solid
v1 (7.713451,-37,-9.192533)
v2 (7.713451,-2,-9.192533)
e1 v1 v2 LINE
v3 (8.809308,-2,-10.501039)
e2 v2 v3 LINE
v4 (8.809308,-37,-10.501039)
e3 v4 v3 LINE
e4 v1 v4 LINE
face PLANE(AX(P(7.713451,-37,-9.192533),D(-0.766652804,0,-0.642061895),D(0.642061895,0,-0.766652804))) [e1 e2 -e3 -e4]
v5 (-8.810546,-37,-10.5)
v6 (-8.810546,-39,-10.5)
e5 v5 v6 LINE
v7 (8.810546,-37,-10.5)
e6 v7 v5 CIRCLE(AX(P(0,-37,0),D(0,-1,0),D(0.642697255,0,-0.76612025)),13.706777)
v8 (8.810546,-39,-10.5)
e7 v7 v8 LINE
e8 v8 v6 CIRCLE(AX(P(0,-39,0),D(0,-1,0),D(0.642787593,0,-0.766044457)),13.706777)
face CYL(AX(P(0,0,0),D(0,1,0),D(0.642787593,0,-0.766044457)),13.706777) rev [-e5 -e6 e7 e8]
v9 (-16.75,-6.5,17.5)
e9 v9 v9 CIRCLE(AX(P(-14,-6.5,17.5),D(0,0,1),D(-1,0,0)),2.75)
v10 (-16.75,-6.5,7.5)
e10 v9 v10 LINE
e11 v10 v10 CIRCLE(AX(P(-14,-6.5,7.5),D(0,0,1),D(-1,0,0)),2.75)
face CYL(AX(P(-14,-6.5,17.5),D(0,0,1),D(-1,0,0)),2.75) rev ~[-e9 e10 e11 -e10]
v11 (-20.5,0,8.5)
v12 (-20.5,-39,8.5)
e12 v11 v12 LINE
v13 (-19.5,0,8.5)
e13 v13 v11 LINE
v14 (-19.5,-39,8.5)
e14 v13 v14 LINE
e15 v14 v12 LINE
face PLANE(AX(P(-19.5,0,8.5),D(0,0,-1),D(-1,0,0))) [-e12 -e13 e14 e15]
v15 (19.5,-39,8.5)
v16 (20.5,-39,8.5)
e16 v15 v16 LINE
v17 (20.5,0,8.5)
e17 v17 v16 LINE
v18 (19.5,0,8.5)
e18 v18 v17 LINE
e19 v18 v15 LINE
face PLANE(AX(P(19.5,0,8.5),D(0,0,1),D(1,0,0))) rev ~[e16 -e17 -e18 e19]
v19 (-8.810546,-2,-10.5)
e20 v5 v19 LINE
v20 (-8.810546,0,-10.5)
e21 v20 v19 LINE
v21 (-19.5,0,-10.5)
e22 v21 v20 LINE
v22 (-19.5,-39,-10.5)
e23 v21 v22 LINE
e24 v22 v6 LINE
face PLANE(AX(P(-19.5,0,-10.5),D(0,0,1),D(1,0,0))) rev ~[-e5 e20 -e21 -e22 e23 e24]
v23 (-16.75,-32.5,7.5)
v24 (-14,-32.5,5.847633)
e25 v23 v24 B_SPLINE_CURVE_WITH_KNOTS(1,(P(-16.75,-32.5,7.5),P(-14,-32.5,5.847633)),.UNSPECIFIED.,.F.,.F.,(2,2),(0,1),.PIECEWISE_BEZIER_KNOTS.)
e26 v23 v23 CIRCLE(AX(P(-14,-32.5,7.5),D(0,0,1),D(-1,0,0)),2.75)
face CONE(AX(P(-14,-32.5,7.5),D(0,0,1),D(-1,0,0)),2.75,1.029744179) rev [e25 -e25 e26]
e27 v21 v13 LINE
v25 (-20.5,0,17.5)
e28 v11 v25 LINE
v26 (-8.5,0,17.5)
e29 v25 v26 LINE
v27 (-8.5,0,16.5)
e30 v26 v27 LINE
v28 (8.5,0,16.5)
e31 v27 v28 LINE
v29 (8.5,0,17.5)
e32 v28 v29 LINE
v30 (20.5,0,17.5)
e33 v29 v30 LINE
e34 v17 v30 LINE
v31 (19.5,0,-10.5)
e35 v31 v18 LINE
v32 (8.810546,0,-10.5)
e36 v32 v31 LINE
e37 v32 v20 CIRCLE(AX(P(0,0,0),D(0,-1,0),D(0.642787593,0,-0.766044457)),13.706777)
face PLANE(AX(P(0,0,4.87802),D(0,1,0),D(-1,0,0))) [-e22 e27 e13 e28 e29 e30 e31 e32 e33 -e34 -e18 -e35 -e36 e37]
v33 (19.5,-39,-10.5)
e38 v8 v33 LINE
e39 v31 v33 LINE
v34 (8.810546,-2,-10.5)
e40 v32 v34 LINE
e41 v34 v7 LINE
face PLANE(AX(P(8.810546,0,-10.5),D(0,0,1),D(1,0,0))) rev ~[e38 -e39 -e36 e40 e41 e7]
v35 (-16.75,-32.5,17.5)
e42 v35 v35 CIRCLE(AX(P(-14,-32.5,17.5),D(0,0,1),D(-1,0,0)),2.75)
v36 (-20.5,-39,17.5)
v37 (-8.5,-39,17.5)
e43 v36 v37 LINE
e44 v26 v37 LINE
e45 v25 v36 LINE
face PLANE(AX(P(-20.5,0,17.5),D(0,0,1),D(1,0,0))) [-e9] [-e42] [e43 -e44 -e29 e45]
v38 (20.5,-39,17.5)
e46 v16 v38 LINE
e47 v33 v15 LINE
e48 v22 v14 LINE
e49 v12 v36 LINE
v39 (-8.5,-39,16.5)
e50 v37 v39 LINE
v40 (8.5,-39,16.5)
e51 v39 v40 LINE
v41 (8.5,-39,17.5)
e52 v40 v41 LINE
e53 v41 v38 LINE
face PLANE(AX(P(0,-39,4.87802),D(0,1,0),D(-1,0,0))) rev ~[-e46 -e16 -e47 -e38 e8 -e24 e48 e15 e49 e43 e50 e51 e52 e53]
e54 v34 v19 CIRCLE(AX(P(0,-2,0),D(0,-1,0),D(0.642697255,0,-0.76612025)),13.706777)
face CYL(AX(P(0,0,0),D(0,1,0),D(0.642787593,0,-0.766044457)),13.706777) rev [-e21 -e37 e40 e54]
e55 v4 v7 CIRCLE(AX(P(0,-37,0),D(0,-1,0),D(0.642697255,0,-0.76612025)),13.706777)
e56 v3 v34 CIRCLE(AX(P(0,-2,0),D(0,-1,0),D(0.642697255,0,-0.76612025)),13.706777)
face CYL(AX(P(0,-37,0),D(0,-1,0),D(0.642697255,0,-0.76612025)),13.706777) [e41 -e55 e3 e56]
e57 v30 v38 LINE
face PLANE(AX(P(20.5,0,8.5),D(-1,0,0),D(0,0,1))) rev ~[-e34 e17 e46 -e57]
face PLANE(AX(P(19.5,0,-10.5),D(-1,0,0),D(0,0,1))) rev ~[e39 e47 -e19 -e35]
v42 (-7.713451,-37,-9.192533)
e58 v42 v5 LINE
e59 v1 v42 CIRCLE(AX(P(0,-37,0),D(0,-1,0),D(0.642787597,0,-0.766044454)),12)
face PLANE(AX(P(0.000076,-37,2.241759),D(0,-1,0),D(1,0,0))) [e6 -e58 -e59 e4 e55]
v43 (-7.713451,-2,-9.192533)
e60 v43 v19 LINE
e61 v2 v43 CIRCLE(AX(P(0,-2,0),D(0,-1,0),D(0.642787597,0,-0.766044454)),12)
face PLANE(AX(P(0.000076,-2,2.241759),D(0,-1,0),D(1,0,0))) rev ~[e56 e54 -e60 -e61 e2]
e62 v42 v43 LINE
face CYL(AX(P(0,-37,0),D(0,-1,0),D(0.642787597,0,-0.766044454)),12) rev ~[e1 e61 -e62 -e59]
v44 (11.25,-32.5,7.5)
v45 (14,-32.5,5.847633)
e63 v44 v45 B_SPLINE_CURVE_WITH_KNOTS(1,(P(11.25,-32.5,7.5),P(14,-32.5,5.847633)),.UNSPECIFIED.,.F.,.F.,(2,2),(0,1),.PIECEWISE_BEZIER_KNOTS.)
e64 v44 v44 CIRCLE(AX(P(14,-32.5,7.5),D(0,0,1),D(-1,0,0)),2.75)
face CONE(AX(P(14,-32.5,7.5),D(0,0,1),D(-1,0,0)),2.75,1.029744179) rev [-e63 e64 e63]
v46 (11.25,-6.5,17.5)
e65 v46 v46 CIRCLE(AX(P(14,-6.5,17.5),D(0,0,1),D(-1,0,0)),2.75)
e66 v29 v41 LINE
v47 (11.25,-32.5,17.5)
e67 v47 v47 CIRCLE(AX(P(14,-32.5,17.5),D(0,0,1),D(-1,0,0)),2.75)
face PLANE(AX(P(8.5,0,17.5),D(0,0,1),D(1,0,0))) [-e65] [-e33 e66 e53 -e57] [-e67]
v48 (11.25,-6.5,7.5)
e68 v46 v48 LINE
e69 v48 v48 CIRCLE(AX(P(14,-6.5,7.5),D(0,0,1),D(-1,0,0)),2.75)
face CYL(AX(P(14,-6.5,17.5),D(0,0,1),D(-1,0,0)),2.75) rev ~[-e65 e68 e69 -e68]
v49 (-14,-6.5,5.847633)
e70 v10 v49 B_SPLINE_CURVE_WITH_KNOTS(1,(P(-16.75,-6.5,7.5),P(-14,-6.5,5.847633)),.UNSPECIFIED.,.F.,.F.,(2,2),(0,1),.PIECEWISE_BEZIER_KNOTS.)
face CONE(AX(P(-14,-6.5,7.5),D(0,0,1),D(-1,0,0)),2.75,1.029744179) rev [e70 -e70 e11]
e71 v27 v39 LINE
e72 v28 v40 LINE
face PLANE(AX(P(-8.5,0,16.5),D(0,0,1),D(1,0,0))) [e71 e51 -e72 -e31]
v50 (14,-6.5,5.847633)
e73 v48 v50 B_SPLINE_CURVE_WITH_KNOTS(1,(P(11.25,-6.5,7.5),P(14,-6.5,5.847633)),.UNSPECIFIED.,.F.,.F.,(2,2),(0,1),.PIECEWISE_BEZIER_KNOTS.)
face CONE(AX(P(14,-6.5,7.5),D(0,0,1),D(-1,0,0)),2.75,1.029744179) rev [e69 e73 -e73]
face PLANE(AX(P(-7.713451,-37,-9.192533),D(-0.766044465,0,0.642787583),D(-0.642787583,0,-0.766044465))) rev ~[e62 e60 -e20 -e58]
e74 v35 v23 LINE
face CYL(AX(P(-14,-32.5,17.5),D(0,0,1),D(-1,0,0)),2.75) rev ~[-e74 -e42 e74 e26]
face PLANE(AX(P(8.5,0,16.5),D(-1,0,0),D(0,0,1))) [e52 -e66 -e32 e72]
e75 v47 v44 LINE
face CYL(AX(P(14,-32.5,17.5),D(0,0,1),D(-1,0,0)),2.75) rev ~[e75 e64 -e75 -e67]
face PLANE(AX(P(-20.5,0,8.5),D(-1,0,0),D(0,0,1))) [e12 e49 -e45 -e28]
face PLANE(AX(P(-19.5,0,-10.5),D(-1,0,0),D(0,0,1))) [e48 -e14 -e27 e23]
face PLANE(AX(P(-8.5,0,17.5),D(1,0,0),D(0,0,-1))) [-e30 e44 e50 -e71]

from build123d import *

# Parameters (mm, degrees)
PAD_DEPTH    = 39
PAD001_DEPTH = 35
SKETCH002_R  = 2.75
HOLE_DEPTH   = 10
HOLE_TIPS_R  = 2.75


with BuildPart() as part:
    # Sketch → Pad (new body)
    with BuildSketch(Plane.XZ):
        with BuildLine():
            ThreePointArc((8.810546, -10.5), (0, 13.706777), (-8.810546, -10.5))
            Line((-19.5, -10.5), (-8.810546, -10.5))
            Line((-19.5, -10.5), (-19.5, 8.5))
            Line((-19.5, 8.5), (-20.5, 8.5))
            Line((-20.5, 8.5), (-20.5, 17.5))
            Line((-20.5, 17.5), (-8.5, 17.5))
            Line((-8.5, 17.5), (-8.5, 16.5))
            Line((-8.5, 16.5), (8.5, 16.5))
            Line((8.5, 16.5), (8.5, 17.5))
            Line((8.5, 17.5), (20.5, 17.5))
            Line((20.5, 8.5), (20.5, 17.5))
            Line((19.5, 8.5), (20.5, 8.5))
            Line((19.5, -10.5), (19.5, 8.5))
            Line((8.810546, -10.5), (19.5, -10.5))
        make_face()
    extrude(amount=PAD_DEPTH)

    # Sketch001 (on DatumPlane) → Pad001 (join)
    with BuildSketch(Plane.XZ.offset(37)):
        with BuildLine():
            ThreePointArc((8.809308, -10.501039), (0.000808, 13.706777), (-8.810546, -10.5))
            Line((-7.713451, -9.192533), (-8.810546, -10.5))
            ThreePointArc((7.713451, -9.192533), (0, 12), (-7.713451, -9.192533))
            Line((7.713451, -9.192533), (8.809308, -10.501039))
        make_face()
    extrude(amount=-PAD001_DEPTH)

    # Sketch002 (on Face13 of Pad001) → Hole (cut)
    with BuildSketch(Plane(origin=(0, 0, 17.5), x_dir=(-1, 0, 0), z_dir=(0, 0, 1))):
        with Locations((-14, 32.5)):
            Circle(SKETCH002_R)
        with Locations((14, 32.5)):
            Circle(SKETCH002_R)
        with Locations((14, 6.5)):
            Circle(SKETCH002_R)
        with Locations((-14, 6.5)):
            Circle(SKETCH002_R)
    extrude(amount=-HOLE_DEPTH, mode=Mode.SUBTRACT)

    # Hole tips → Hole tip 1 section 0
    with BuildSketch(Plane(origin=(0, 0, 7.5), x_dir=(-1, 0, 0), z_dir=(0, 0, 1)), mode=Mode.PRIVATE) as hole_tip_1_s0:
        with Locations((-14, 32.5)):
            Circle(HOLE_TIPS_R)
    loft([hole_tip_1_s0.sketch, Vertex(14, -32.5, 5.847633)], mode=Mode.SUBTRACT)

    # Hole tips → Hole tip 2 section 0
    with BuildSketch(Plane(origin=(0, 0, 7.5), x_dir=(-1, 0, 0), z_dir=(0, 0, 1)), mode=Mode.PRIVATE) as hole_tip_2_s0:
        with Locations((14, 32.5)):
            Circle(HOLE_TIPS_R)
    loft([hole_tip_2_s0.sketch, Vertex(-14, -32.5, 5.847633)], mode=Mode.SUBTRACT)

    # Hole tips → Hole tip 3 section 0
    with BuildSketch(Plane(origin=(0, 0, 7.5), x_dir=(-1, 0, 0), z_dir=(0, 0, 1)), mode=Mode.PRIVATE) as hole_tip_3_s0:
        with Locations((14, 6.5)):
            Circle(HOLE_TIPS_R)
    loft([hole_tip_3_s0.sketch, Vertex(-14, -6.5, 5.847633)], mode=Mode.SUBTRACT)

    # Hole tips → Hole tip 4 section 0
    with BuildSketch(Plane(origin=(0, 0, 7.5), x_dir=(-1, 0, 0), z_dir=(0, 0, 1)), mode=Mode.PRIVATE) as hole_tip_4_s0:
        with Locations((-14, 6.5)):
            Circle(HOLE_TIPS_R)
    loft([hole_tip_4_s0.sketch, Vertex(14, -6.5, 5.847633)], mode=Mode.SUBTRACT)


solid = part.part
